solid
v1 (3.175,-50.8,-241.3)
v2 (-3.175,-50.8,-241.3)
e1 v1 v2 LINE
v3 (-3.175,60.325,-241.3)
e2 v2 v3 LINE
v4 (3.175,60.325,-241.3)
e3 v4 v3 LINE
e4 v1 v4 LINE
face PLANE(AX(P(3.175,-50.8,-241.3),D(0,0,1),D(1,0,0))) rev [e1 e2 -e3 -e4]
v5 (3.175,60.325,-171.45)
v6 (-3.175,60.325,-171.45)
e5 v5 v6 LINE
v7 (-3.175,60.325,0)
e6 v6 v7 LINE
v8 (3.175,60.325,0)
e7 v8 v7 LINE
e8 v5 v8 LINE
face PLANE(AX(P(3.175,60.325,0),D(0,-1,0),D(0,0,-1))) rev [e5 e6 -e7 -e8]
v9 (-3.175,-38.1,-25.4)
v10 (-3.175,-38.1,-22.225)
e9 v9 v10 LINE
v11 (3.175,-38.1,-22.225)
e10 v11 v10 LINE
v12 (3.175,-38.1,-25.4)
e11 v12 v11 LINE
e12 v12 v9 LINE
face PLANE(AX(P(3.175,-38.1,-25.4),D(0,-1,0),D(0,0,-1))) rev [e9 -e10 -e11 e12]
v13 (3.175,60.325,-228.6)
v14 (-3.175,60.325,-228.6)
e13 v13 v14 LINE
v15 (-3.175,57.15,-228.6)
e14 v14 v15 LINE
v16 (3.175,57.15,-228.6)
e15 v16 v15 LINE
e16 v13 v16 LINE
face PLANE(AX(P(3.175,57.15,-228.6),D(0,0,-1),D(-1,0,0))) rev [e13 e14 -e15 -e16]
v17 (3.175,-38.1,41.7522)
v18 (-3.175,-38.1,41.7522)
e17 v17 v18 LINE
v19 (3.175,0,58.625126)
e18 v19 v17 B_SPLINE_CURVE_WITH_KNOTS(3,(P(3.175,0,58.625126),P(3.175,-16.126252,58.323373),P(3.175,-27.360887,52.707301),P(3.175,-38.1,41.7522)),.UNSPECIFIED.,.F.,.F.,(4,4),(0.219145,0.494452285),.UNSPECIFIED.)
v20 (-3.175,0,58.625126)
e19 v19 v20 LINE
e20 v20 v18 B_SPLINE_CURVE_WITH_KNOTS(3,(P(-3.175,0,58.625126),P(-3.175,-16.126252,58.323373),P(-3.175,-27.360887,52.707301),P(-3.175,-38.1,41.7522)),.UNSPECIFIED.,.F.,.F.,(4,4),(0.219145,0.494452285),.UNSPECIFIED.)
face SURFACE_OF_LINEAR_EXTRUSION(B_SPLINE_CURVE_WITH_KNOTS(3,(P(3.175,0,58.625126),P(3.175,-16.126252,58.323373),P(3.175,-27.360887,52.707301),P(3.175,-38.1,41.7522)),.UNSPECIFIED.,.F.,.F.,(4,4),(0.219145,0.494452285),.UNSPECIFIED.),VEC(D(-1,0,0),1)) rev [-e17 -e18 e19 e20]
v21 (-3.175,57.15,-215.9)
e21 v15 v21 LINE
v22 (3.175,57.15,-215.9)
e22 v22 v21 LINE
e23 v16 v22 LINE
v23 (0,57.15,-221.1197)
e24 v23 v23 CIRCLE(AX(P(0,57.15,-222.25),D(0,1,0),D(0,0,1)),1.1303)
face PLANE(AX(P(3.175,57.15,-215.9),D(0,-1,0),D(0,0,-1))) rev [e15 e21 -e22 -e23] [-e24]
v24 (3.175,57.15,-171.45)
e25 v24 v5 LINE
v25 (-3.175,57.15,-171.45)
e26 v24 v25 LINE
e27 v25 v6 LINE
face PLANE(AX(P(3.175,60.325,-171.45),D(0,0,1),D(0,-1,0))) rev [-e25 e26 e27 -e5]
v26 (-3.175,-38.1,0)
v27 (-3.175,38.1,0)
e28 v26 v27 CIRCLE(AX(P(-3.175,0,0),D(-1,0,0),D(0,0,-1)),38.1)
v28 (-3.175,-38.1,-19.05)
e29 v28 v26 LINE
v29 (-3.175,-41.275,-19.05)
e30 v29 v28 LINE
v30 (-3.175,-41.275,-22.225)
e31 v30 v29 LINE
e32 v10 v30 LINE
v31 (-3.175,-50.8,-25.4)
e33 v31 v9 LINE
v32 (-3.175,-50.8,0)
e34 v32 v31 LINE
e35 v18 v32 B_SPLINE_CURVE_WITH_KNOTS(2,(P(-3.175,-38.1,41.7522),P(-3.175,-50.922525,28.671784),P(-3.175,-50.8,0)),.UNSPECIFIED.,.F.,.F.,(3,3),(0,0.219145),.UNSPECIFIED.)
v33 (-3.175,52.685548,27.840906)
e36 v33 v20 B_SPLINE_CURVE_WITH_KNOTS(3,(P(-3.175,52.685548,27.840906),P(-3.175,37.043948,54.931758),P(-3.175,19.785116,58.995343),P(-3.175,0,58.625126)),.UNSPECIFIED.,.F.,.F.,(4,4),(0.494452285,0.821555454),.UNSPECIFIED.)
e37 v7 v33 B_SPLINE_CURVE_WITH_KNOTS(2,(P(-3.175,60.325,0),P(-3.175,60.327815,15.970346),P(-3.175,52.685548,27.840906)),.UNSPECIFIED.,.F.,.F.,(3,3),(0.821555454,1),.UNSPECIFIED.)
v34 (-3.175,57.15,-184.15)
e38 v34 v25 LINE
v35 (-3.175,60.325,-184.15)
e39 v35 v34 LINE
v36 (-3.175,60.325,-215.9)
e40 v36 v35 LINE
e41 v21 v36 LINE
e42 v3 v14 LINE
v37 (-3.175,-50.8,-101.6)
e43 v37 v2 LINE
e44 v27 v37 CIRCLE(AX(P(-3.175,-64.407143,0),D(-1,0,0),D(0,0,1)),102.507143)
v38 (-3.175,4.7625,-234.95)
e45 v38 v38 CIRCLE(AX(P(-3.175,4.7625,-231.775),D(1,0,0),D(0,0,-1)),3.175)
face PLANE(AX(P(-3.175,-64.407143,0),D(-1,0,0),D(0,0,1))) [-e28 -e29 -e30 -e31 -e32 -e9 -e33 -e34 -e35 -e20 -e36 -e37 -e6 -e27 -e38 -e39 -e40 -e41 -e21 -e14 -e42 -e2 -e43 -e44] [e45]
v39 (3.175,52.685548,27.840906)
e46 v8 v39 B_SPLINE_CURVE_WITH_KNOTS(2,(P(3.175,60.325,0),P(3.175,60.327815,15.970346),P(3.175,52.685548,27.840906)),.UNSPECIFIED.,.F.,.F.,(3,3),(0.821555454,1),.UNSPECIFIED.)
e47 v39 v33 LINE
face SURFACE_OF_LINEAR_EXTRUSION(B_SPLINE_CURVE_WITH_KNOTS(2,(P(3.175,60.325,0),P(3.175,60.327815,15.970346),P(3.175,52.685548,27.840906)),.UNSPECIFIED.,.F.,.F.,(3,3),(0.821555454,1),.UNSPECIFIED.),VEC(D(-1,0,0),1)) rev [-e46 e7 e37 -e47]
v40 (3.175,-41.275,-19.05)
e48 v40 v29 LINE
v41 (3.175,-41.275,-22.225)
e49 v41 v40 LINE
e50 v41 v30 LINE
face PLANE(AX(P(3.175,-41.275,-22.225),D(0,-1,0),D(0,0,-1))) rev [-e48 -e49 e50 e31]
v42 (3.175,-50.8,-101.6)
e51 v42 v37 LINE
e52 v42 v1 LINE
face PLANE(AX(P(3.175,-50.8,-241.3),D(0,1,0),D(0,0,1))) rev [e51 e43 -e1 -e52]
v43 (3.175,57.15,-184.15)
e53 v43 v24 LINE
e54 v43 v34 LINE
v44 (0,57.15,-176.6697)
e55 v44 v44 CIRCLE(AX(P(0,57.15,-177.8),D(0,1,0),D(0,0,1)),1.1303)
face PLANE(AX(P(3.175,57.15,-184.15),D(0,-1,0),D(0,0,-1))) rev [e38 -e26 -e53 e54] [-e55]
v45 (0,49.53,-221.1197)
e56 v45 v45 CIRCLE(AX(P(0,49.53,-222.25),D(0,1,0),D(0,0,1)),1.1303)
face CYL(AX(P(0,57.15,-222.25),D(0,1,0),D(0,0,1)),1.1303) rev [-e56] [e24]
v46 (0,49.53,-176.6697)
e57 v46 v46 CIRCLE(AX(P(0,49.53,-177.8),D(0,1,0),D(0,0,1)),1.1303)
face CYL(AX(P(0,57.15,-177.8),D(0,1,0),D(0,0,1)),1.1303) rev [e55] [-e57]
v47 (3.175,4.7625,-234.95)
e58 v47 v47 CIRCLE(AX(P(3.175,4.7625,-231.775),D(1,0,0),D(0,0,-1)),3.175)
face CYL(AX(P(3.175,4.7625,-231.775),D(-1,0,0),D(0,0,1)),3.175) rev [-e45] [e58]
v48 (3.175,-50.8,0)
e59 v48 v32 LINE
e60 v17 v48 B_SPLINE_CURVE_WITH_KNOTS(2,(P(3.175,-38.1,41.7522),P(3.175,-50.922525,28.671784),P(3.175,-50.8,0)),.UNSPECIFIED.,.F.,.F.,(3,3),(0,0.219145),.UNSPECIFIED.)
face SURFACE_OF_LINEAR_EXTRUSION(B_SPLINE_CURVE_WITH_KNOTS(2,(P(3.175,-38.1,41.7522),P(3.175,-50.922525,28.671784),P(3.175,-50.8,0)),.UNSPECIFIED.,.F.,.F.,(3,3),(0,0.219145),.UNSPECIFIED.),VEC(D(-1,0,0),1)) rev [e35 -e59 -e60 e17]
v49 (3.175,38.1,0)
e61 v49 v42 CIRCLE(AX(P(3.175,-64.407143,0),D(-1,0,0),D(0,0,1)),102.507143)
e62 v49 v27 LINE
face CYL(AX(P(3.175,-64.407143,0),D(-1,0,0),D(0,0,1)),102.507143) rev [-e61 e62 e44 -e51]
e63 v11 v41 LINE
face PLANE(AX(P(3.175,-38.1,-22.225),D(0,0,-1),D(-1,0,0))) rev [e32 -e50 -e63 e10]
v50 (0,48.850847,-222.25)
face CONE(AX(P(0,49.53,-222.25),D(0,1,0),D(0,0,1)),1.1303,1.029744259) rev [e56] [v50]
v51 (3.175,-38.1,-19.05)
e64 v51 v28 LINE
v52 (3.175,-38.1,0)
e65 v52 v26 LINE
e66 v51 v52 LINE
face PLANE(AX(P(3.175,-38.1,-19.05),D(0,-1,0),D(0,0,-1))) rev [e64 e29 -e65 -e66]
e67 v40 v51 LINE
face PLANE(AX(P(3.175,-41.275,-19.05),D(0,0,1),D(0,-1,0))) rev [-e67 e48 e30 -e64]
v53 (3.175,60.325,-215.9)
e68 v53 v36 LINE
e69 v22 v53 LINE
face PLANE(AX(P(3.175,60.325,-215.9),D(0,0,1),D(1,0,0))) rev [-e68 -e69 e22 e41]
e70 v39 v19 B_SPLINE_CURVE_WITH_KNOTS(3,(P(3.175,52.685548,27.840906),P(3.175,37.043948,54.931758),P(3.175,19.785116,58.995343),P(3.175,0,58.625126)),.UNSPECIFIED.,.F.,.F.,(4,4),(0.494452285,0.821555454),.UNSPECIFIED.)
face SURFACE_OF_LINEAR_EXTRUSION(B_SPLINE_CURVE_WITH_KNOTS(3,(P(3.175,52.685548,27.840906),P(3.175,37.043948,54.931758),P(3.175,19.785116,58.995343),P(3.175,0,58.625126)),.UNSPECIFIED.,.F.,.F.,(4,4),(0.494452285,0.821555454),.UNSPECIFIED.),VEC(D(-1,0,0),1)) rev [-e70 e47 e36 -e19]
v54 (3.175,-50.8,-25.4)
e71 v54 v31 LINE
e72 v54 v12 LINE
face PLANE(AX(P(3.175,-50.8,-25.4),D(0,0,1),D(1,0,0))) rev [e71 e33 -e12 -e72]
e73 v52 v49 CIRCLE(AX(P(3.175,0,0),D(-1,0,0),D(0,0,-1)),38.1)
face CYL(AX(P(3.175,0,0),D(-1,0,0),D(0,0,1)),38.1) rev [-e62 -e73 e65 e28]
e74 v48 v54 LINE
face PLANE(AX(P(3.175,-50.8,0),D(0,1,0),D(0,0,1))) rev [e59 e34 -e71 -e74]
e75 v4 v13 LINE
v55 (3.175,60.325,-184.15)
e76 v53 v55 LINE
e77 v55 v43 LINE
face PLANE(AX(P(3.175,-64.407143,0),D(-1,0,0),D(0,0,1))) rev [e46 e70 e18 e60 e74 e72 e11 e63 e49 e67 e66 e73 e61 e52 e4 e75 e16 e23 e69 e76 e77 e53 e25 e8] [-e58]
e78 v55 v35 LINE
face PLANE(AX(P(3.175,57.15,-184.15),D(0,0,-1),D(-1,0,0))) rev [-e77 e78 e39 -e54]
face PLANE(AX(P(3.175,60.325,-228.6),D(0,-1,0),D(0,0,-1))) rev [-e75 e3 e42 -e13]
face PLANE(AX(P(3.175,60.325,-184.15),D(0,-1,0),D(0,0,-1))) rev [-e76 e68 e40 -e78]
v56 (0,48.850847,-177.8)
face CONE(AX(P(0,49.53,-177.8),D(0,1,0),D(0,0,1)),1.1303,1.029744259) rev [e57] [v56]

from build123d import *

# Parameters (mm, degrees)
SKETCH1_R                 = 3.175
BOSS_EXTRUDE2_DEPTH       = 3.175
F_4_40_TAPPED_HOLE1_D     = 2.2606
F_4_40_TAPPED_HOLE1_DEPTH = 7.62
F_4_40_TAPPED_HOLE1_TIP   = 0.679152758


with BuildPart() as part:
    # Sketch1 → Boss-Extrude2 (new body, symmetric)
    with BuildSketch(Plane(origin=(0, 0, 0), x_dir=(0, 0, -1), z_dir=(1, 0, 0))):
        with BuildLine():
            Line((25.4, -50.8), (25.4, -38.1))
            Line((25.4, -38.1), (22.225, -38.1))
            Line((22.225, -38.1), (22.225, -41.275))
            Line((22.225, -41.275), (19.05, -41.275))
            Line((19.05, -41.275), (19.05, -38.1))
            Line((19.05, -38.1), (0, -38.1))
            ThreePointArc((0, -38.1), (-38.1, 0), (0, 38.1))
            ThreePointArc((0, 38.1), (67.501425911, 12.737343898), (101.6, -50.8))
            Line((101.6, -50.8), (241.3, -50.8))
            Line((241.3, -50.8), (241.3, 60.325))
            Line((241.3, 60.325), (228.6, 60.325))
            Line((228.6, 60.325), (228.6, 57.15))
            Line((228.6, 57.15), (215.9, 57.15))
            Line((215.9, 57.15), (215.9, 60.325))
            Line((215.9, 60.325), (184.15, 60.325))
            Line((184.15, 60.325), (184.15, 57.15))
            Line((184.15, 57.15), (171.45, 57.15))
            Line((171.45, 57.15), (171.45, 60.325))
            Line((171.45, 60.325), (0, 60.325))
            add(Edge.make_bspline(
                [(-27.840906439, 52.6855483), (-15.97034645, 60.327815279), (0, 60.325)],
                knots=[0.821555454, 0.821555454, 0.821555454, 1, 1, 1], degree=2))
            add(Edge.make_bspline(
                [(-58.625125689, 0), (-58.995342849, 19.785116254), (-54.931758321, 37.043947765), (-27.840906439, 52.6855483)],
                knots=[0.494452285, 0.494452285, 0.494452285, 0.494452285, 0.821555454, 0.821555454, 0.821555454, 0.821555454], degree=3))
            add(Edge.make_bspline(
                [(-41.752199567, -38.1), (-52.707301474, -27.360886787), (-58.323372846, -16.126251656), (-58.625125689, 0)],
                knots=[0.219145, 0.219145, 0.219145, 0.219145, 0.494452285, 0.494452285, 0.494452285, 0.494452285], degree=3))
            add(Edge.make_bspline(
                [(0, -50.8), (-28.671783901, -50.922524692), (-41.752199567, -38.1)],
                knots=[0, 0, 0, 0.219145, 0.219145, 0.219145], degree=2))
            Line((0, -50.8), (25.4, -50.8))
        make_face()
        with Locations((231.775, 4.7625)):
            Circle(SKETCH1_R, mode=Mode.SUBTRACT)
    extrude(amount=BOSS_EXTRUDE2_DEPTH, both=True)

    # #4-40 Tapped Hole1
    with Locations(Plane(origin=(0, 57.15, 0), x_dir=(1, 0, 0), z_dir=(0, 1, 0))):
        with Locations((0, 177.8), (0, 222.25)):
            Hole(F_4_40_TAPPED_HOLE1_D / 2, depth=F_4_40_TAPPED_HOLE1_DEPTH)
            with Locations((0, 0, -(F_4_40_TAPPED_HOLE1_DEPTH + F_4_40_TAPPED_HOLE1_TIP / 2))):  # 118° drill point
                Cone(0, F_4_40_TAPPED_HOLE1_D / 2, F_4_40_TAPPED_HOLE1_TIP, mode=Mode.SUBTRACT)


solid = part.part
